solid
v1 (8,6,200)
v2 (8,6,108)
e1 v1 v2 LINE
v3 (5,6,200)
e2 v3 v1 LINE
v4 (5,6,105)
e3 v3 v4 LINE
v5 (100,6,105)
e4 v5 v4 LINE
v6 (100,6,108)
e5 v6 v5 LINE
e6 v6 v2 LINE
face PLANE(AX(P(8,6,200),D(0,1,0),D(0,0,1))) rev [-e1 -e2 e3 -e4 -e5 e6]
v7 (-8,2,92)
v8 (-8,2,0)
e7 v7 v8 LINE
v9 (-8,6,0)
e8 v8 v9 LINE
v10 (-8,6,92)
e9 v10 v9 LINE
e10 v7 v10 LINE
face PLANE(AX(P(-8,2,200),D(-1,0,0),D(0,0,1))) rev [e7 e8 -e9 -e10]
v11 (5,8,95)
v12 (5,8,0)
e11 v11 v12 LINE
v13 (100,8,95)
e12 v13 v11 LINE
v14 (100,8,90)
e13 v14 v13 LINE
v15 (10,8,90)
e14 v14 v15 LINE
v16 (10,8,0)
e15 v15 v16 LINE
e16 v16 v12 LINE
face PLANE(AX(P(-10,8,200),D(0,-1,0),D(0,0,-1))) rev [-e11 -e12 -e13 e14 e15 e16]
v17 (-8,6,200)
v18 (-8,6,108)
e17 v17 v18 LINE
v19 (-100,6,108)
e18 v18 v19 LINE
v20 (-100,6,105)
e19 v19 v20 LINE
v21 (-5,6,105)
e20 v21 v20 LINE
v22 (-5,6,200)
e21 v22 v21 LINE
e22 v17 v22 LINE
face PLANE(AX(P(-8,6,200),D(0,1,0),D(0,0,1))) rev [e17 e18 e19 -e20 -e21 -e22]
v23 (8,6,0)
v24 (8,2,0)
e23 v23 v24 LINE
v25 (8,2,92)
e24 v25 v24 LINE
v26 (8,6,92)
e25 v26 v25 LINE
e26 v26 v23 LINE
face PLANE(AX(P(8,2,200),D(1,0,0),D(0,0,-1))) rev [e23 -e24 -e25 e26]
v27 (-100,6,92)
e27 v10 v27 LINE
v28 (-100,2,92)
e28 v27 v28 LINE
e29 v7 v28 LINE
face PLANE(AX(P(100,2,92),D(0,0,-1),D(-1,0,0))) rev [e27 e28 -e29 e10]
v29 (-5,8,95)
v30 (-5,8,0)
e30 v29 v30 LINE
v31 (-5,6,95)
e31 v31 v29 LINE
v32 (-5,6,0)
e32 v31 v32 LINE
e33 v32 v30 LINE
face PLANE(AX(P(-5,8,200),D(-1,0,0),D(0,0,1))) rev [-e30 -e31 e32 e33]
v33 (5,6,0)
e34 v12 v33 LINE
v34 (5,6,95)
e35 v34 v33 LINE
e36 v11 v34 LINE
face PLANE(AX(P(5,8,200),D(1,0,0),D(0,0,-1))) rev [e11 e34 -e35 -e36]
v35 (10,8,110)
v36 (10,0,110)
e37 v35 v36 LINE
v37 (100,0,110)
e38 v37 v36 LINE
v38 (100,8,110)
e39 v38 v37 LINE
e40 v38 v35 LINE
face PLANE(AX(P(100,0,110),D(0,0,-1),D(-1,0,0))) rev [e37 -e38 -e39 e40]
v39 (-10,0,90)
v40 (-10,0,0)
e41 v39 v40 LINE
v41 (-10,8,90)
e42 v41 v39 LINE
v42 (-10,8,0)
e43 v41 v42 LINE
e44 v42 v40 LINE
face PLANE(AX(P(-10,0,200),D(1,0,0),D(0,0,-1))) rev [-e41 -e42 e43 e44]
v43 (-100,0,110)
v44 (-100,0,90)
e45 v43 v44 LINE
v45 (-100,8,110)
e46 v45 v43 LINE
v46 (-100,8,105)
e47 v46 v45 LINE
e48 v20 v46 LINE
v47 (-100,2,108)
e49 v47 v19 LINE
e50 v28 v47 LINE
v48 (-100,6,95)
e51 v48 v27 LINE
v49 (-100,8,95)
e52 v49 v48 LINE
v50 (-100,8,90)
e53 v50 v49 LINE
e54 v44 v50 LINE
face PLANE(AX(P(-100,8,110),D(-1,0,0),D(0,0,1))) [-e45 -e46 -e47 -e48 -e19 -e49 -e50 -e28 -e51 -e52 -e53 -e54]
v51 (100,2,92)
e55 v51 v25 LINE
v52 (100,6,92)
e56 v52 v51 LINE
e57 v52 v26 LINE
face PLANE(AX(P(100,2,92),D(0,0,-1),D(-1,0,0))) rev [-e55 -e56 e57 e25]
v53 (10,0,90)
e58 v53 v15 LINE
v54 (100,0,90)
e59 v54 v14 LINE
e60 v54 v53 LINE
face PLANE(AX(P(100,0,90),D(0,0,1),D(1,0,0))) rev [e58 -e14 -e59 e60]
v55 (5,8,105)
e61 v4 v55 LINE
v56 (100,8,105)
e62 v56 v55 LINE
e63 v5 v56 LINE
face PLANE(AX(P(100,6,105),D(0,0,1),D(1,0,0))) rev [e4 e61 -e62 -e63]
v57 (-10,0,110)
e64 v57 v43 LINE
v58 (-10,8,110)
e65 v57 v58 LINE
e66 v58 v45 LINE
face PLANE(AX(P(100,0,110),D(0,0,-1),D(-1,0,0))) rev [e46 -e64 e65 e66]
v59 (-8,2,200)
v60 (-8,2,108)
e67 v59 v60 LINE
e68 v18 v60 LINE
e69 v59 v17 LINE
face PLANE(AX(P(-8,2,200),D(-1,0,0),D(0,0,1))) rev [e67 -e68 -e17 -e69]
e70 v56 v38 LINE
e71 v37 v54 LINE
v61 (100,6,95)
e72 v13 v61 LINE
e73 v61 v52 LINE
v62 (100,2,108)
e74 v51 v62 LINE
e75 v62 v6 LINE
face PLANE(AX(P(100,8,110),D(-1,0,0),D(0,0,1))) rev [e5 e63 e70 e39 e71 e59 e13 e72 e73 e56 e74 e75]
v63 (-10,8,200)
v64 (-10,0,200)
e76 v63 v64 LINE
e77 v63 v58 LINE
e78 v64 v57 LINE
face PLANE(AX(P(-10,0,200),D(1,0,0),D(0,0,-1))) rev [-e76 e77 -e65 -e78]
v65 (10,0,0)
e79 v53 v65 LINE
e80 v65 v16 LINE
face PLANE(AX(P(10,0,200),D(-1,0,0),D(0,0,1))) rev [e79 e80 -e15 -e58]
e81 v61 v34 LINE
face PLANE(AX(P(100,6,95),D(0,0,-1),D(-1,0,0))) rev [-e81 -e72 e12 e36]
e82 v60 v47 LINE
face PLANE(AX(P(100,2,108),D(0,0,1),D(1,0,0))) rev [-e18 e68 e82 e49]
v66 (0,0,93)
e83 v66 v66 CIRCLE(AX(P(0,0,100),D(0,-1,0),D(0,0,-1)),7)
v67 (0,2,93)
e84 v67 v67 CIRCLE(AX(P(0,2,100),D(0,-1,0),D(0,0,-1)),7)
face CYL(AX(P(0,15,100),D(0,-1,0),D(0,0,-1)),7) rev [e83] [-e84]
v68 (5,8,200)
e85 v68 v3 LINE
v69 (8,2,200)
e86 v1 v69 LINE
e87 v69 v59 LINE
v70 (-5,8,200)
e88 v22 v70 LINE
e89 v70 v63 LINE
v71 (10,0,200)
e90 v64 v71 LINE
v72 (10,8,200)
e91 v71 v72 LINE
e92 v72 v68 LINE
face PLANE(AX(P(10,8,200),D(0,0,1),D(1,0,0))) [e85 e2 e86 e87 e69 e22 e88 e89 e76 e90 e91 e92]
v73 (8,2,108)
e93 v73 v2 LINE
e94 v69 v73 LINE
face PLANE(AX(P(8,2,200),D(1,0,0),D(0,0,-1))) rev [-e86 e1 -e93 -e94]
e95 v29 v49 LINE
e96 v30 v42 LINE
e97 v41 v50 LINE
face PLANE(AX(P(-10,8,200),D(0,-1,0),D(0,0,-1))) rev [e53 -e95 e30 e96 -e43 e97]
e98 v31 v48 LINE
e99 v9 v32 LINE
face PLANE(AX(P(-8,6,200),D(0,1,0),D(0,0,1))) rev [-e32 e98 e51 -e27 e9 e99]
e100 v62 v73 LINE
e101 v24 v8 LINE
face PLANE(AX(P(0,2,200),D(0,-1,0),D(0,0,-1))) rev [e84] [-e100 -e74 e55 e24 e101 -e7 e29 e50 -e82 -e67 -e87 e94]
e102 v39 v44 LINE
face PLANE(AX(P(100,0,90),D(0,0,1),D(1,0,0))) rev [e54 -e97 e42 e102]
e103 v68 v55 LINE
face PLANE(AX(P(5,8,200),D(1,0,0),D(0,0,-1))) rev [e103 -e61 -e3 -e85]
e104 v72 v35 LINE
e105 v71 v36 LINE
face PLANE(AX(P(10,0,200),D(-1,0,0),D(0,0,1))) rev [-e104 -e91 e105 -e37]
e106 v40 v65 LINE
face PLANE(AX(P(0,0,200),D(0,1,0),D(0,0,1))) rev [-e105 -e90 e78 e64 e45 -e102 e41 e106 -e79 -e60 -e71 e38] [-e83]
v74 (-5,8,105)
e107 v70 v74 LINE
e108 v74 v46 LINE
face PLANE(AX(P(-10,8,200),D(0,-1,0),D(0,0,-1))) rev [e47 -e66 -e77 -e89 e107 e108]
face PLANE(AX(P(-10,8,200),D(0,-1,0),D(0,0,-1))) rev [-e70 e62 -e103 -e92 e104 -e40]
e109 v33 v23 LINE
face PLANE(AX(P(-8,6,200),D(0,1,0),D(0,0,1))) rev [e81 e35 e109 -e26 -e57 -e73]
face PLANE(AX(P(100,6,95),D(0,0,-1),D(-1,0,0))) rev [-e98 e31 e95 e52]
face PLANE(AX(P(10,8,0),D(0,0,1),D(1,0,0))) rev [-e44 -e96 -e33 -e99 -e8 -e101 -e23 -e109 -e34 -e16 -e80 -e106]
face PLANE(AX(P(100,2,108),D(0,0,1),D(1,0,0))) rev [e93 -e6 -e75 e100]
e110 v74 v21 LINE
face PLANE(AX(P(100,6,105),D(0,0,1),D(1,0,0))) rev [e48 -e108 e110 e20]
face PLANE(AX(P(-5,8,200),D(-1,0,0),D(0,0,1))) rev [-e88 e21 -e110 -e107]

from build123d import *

# Parameters (mm, degrees)
EXTRUDE_1_DEPTH     = 200
EXTRUDE_2_DEPTH     = 100
CUT_EXTRUDE_1_DEPTH = 200
CUT_EXTRUDE_2_DEPTH = 200
CUT_EXTRUDE_3_DEPTH = 15


with BuildPart() as part:
    # 草图1 → 凸台-拉伸1 (new body)
    with BuildSketch(Plane.XY):
        Polygon((0, 0), (10, 0), (10, 8), (5, 8), (5, 6), (8, 6), (8, 2), (0, 2), (-8, 2), (-8, 6), (-5, 6), (-5, 8), (-10, 8), (-10, 0), align=None)
    extrude(amount=EXTRUDE_1_DEPTH)

    # 草图2 → 凸台-拉伸2 (add, symmetric)
    with BuildSketch(Plane(origin=(0, 0, 0), x_dir=(0, 0, -1), z_dir=(1, 0, 0))):
        Polygon((-100, 0), (-90, 0), (-90, 8), (-95, 8), (-95, 6), (-92, 6), (-92, 2), (-100, 2), (-108, 2), (-108, 6), (-105, 6), (-105, 8), (-110, 8), (-110, 0), align=None)
    extrude(amount=EXTRUDE_2_DEPTH, both=True)

    # 草图3 → 切除-拉伸1 (cut)
    with BuildSketch(Plane(origin=(100, 0, 0), x_dir=(0, 0, -1), z_dir=(1, 0, 0))):
        Polygon((-108, 6), (-105, 6), (-105, 8), (-95, 8), (-95, 6), (-92, 6), (-92, 2), (-108, 2), align=None)
    extrude(amount=-CUT_EXTRUDE_1_DEPTH, mode=Mode.SUBTRACT)

    # 草图4 → 切除-拉伸2 (cut)
    with BuildSketch(Plane.XY.offset(200)):
        Polygon((5, 6), (8, 6), (8, 2), (-8, 2), (-8, 6), (-5, 6), (-5, 8), (5, 8), align=None)
    extrude(amount=-CUT_EXTRUDE_2_DEPTH, mode=Mode.SUBTRACT)

    # 草图5 → 切除-拉伸3 (cut)
    with BuildSketch(Plane.XZ):
        with BuildLine():
            ThreePointArc((4.949747468, 104.949747468), (-4.949747468, 104.949747468), (-4.949747468, 95.050252532))
            Line((-4.949747468, 95.050252532), (4.949747468, 104.949747468))
        make_face()
        with BuildLine():
            Line((4.949747468, 104.949747468), (-4.949747468, 95.050252532))
            ThreePointArc((-4.949747468, 95.050252532), (2.678784027, 93.532843272), (7, 100))
            ThreePointArc((7, 100), (6.467156728, 102.678784027), (4.949747468, 104.949747468))
        make_face()
    extrude(amount=-CUT_EXTRUDE_3_DEPTH, mode=Mode.SUBTRACT)


solid = part.part
